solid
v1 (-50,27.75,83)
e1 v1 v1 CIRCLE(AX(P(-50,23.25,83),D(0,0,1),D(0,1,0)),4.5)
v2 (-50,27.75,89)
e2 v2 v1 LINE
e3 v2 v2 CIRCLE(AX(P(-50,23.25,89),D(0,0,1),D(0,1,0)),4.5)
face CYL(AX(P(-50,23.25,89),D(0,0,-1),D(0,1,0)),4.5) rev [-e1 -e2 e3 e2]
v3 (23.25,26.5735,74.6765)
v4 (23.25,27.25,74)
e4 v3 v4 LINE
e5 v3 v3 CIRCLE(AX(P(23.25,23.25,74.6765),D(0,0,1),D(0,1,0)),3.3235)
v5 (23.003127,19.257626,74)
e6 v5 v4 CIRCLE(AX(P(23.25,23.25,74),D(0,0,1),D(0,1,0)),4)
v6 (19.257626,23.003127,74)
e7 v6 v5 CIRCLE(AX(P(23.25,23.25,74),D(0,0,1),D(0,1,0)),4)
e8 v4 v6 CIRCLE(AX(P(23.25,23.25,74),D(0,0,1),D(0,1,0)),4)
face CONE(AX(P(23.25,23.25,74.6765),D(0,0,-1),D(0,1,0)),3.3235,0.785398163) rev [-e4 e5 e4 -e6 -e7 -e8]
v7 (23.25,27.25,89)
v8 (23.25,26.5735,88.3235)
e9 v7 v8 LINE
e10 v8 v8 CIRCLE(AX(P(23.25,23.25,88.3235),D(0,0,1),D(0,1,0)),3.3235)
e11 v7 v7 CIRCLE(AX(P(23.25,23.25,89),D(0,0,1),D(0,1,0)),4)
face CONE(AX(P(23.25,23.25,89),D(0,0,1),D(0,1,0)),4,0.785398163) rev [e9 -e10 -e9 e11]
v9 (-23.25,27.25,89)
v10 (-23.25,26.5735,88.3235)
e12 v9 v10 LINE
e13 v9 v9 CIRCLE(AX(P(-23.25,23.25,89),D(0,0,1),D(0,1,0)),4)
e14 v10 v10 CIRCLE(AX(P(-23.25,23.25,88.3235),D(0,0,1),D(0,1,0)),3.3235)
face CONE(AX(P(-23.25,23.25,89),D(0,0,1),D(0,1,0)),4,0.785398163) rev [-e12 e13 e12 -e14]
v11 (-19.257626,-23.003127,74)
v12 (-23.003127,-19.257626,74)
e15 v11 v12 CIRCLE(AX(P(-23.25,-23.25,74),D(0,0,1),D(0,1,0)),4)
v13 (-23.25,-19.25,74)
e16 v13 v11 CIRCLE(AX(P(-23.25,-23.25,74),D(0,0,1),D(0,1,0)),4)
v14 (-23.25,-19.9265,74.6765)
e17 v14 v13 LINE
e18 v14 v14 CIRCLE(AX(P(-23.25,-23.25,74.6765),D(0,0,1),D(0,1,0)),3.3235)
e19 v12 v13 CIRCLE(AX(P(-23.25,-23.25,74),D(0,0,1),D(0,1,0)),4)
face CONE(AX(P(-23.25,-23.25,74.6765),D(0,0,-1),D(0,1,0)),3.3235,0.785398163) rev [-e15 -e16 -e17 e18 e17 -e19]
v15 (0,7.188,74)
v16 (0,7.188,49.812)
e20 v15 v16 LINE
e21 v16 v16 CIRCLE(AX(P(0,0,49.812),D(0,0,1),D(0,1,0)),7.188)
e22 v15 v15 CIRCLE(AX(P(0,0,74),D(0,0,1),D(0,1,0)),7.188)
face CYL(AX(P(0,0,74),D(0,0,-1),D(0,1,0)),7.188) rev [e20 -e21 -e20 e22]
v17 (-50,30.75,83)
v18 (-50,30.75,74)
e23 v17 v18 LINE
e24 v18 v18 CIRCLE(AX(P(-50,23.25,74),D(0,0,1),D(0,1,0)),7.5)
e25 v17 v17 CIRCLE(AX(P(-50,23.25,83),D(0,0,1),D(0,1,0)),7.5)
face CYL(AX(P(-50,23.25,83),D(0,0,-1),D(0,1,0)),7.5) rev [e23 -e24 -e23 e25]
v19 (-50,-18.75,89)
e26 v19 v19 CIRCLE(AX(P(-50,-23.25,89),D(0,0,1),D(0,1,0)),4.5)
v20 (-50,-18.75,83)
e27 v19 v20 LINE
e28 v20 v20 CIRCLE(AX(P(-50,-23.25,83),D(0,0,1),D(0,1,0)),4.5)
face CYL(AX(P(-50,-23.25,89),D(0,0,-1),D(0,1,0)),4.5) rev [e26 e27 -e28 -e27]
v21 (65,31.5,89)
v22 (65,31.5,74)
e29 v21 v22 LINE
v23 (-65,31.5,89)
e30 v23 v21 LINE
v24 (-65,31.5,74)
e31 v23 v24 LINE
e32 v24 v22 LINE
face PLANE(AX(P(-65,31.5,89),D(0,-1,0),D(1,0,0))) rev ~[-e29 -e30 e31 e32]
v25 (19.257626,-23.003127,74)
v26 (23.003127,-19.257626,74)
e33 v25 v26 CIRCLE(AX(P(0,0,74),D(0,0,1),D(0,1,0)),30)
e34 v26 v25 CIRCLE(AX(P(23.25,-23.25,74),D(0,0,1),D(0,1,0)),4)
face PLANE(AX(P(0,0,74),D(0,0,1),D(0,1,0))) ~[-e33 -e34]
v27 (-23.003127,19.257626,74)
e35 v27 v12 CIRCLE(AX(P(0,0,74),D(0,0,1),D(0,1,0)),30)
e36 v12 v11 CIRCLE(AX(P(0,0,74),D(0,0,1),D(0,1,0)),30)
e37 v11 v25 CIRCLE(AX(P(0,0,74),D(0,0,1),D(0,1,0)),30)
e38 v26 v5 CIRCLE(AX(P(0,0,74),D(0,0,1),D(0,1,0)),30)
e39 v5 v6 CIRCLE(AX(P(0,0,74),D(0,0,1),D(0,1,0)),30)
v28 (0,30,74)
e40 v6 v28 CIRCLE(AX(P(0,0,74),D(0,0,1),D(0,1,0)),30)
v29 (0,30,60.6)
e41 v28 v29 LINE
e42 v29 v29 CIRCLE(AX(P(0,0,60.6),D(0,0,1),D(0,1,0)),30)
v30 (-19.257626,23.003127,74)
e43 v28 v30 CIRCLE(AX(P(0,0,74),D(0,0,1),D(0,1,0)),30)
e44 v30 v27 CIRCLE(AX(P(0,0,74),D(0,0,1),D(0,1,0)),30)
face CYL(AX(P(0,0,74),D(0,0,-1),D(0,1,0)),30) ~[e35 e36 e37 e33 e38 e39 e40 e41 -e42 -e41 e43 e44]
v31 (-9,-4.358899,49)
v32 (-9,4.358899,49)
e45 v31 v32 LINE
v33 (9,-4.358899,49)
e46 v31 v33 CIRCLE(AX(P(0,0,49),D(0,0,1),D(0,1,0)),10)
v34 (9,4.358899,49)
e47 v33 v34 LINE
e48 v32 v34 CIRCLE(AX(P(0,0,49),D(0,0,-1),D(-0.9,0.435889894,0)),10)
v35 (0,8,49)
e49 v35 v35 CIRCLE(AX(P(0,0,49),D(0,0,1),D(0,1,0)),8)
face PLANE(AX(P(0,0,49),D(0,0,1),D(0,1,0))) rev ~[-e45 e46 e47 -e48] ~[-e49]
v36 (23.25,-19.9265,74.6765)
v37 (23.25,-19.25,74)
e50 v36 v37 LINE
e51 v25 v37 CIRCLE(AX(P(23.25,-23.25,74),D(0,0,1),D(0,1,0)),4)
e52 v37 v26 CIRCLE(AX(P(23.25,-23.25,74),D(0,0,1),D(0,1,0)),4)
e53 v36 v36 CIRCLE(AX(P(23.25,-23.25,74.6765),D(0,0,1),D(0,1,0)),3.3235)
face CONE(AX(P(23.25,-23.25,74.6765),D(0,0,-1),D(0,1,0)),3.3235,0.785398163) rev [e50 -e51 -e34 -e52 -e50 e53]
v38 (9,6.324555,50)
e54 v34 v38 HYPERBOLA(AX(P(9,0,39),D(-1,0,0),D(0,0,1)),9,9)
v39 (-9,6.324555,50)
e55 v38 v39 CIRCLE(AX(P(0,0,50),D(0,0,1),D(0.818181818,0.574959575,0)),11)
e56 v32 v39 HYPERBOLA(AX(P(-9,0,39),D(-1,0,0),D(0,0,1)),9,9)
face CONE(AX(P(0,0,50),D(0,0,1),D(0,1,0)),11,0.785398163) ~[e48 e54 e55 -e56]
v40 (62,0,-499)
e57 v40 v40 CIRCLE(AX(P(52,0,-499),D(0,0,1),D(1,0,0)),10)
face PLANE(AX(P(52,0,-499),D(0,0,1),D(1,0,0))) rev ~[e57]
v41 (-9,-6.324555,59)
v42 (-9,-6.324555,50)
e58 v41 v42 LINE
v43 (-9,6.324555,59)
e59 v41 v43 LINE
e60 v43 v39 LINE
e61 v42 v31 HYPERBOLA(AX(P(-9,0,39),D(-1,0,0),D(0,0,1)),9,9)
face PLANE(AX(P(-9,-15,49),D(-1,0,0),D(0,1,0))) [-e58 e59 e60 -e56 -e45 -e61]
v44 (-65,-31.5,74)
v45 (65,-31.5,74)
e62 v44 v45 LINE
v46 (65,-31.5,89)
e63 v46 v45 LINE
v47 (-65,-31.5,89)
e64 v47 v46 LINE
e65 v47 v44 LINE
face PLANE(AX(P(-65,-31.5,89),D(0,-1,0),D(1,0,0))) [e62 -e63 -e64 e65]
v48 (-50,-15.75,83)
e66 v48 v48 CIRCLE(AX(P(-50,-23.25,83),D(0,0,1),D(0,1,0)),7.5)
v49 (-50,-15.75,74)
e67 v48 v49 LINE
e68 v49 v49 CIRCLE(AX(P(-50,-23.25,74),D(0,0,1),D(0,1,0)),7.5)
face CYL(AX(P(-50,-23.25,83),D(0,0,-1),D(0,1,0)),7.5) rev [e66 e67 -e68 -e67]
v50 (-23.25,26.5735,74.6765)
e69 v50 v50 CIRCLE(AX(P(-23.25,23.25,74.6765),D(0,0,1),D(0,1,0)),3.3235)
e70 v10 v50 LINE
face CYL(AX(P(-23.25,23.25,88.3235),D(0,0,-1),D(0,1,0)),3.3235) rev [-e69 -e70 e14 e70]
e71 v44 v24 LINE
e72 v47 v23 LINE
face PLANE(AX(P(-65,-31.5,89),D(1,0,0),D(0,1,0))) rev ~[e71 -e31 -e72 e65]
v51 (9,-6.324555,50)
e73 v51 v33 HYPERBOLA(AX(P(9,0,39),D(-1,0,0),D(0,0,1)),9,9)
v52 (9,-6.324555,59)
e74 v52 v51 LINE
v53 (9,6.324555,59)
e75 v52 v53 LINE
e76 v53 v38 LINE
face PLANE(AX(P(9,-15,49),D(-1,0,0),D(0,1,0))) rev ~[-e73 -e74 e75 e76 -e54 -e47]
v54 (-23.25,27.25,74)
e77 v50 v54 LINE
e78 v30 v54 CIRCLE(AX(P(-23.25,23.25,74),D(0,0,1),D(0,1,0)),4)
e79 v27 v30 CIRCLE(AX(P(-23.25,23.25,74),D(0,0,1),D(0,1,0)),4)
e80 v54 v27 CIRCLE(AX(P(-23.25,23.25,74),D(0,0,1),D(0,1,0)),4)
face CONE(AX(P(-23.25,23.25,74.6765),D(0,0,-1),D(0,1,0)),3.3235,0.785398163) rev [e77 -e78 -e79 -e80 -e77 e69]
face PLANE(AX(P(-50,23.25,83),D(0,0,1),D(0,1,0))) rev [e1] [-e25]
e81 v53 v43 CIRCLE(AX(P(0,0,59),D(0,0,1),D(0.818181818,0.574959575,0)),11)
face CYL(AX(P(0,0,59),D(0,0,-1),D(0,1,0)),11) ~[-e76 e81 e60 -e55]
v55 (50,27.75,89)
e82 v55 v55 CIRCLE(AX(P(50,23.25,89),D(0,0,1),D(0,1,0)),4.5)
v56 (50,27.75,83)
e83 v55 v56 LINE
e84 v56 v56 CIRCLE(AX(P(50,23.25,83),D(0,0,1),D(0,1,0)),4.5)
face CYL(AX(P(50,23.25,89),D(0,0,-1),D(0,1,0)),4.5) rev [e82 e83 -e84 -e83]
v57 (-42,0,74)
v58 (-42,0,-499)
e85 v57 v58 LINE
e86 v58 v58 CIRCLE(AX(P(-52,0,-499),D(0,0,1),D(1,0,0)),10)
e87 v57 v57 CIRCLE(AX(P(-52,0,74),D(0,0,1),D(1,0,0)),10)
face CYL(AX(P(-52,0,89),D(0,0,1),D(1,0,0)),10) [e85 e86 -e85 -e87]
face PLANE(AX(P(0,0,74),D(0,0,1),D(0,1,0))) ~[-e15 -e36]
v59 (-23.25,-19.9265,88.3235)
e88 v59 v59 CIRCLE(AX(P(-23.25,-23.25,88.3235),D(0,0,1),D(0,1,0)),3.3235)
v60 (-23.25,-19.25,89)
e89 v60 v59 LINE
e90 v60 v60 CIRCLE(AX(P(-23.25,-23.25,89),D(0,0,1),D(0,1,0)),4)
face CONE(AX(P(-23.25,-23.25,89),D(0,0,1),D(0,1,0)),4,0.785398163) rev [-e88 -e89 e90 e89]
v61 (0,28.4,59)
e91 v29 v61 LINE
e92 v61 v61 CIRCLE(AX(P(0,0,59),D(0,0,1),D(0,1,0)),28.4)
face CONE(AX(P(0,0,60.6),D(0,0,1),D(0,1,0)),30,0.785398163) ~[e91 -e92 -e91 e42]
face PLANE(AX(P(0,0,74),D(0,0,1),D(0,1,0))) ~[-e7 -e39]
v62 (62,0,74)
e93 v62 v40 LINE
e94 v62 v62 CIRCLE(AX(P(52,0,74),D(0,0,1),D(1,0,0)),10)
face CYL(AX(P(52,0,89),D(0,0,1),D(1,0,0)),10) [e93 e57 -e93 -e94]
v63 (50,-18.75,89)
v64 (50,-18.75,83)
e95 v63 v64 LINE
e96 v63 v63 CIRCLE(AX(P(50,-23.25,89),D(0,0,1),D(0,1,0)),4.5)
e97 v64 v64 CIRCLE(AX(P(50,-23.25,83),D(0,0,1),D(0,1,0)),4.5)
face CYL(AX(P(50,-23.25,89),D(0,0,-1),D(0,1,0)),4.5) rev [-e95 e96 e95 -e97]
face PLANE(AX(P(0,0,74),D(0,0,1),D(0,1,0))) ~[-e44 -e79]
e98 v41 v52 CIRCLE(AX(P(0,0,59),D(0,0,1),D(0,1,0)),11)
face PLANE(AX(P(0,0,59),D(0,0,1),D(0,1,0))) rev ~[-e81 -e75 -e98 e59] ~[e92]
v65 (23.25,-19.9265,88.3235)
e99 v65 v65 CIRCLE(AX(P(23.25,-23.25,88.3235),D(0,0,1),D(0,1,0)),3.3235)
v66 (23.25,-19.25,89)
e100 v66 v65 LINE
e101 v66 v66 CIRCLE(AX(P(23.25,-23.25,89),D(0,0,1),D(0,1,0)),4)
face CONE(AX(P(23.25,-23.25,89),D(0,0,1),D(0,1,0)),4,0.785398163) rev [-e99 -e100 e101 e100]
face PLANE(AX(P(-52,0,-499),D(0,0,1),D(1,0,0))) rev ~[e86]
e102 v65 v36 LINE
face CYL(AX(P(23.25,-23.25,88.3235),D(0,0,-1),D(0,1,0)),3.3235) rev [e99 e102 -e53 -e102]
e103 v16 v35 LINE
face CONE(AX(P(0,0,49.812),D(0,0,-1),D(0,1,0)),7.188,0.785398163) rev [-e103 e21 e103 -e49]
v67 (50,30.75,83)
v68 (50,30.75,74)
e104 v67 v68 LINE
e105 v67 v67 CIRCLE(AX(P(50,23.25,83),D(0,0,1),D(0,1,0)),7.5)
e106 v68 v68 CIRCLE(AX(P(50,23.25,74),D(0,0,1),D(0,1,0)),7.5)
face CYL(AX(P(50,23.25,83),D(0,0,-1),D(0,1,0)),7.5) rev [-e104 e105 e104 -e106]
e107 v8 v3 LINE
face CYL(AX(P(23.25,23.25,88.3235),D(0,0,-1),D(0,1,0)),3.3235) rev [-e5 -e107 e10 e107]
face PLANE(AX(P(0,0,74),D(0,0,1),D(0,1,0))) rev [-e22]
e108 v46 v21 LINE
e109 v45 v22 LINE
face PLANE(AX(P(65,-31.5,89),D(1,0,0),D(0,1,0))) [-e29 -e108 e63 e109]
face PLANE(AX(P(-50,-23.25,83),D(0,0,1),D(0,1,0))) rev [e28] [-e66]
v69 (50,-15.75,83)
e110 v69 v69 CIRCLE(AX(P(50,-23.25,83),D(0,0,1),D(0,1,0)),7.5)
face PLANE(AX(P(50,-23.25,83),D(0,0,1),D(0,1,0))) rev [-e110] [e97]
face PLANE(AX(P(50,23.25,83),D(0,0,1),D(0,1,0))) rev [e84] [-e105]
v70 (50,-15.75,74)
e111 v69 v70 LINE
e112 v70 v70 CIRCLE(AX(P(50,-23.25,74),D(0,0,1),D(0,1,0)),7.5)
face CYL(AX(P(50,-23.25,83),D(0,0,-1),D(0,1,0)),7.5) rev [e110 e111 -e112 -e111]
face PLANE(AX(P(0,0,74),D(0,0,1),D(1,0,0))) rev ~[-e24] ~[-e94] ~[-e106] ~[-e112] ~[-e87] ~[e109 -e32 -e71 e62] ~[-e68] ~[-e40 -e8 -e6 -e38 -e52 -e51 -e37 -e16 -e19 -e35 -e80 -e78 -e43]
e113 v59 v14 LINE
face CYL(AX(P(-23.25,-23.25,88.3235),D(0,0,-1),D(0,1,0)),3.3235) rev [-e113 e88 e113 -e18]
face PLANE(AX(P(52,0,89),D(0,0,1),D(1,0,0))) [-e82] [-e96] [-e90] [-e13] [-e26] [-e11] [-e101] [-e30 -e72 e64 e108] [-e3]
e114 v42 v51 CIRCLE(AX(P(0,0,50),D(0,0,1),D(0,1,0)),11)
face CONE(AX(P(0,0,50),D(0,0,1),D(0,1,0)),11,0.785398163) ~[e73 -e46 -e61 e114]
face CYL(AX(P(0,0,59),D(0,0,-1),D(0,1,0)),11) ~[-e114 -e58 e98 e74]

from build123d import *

# Parameters (mm, degrees)
SKETCH1_W            = 130
SKETCH1_H            = 63
BOSS_EXTRUDE1_DEPTH  = 15
LPATTERN1_COUNT      = 2
LPATTERN1_PITCH      = 46.5
LPATTERN1_COUNT_DIR2 = 2
LPATTERN1_PITCH_DIR2 = 46.5
LPATTERN2_COUNT      = 2
LPATTERN2_PITCH      = 100
LPATTERN2_COUNT_DIR2 = 2
LPATTERN2_PITCH_DIR2 = 46.5
SKETCH6_R            = 10
BOSS_EXTRUDE2_DEPTH  = 588
SKETCH7_R            = 10
BOSS_EXTRUDE3_DEPTH  = 588
SKETCH10_W           = 40
SKETCH10_H           = 40
SKETCH10_W_2         = 18
SKETCH10_H_2         = 30
CUT_EXTRUDE1_DEPTH   = 10


with BuildPart() as part:
    # Sketch1 → Boss-Extrude1 (new body)
    with BuildSketch(Plane.XY.offset(89)):
        Rectangle(SKETCH1_W, SKETCH1_H)
    extrude(amount=-BOSS_EXTRUDE1_DEPTH)

    # Sketch2 → Cut-Revolve1 (revolve, cut)
    with BuildSketch(Plane(origin=(23.25, 0, 0), x_dir=(0, 0, -1), z_dir=(1, 0, 0))):
        Polygon((-89, 23.25), (-89, 27.25), (-88.3235, 26.5735), (-74.6765, 26.5735), (-74, 27.25), (-74, 23.25), align=None)
    cut_revolve1 = revolve(axis=Axis((23.25, 23.25, 74), (0, 0, 1)), mode=Mode.SUBTRACT)

    # LPattern1: Cut-Revolve1 2 × 2
    with Locations(*[(-i * LPATTERN1_PITCH, -j * LPATTERN1_PITCH_DIR2, 0) for i in range(LPATTERN1_COUNT) for j in range(LPATTERN1_COUNT_DIR2) if (i, j) != (0, 0)]):
        add(cut_revolve1, mode=Mode.SUBTRACT)

    # Sketch4 → Cut-Revolve2 (revolve, cut)
    with BuildSketch(Plane(origin=(50, 0, 0), x_dir=(0, 0, -1), z_dir=(1, 0, 0))):
        Polygon((-89, 23.25), (-89, 27.75), (-83, 27.75), (-83, 30.75), (-74, 30.75), (-74, 23.25), align=None)
    cut_revolve2 = revolve(axis=Axis((50, 23.25, 74), (0, 0, 1)), mode=Mode.SUBTRACT)

    # LPattern2: Cut-Revolve2 2 × 2
    with Locations(*[(-i * LPATTERN2_PITCH, -j * LPATTERN2_PITCH_DIR2, 0) for i in range(LPATTERN2_COUNT) for j in range(LPATTERN2_COUNT_DIR2) if (i, j) != (0, 0)]):
        add(cut_revolve2, mode=Mode.SUBTRACT)

    # Sketch6 → Boss-Extrude2 (add)
    with BuildSketch(Plane.XY.offset(89)):
        with Locations((-52, 0)):
            Circle(SKETCH6_R)
    extrude(amount=-BOSS_EXTRUDE2_DEPTH)

    # Sketch7 → Boss-Extrude3 (add)
    with BuildSketch(Plane.XY.offset(89)):
        with Locations((52, 0)):
            Circle(SKETCH7_R)
    extrude(amount=-BOSS_EXTRUDE3_DEPTH)

    # Sketch8 → Revolve1 (revolve)
    with BuildSketch(Plane(origin=(0, 0, 0), x_dir=(0, 0, -1), z_dir=(1, 0, 0))):
        Polygon((-74, 0), (-74, 30), (-60.6, 30), (-59, 28.4), (-59, 11), (-50, 11), (-49, 10), (-49, 0), align=None)
    revolve(axis=Axis((0, 0, 49), (0, 0, 1)))

    # Sketch9 → Cut-Revolve3 (revolve, cut)
    with BuildSketch(Plane(origin=(0, 0, 0), x_dir=(0, 0, -1), z_dir=(1, 0, 0))):
        Polygon((-74, 0), (-74, 7.188), (-49.812, 7.188), (-49, 8), (-49, 0), align=None)
    revolve(axis=Axis((0, 0, 49), (0, 0, 1)), mode=Mode.SUBTRACT)

    # Sketch10 → Cut-Extrude1 (cut)
    with BuildSketch(Plane.XY.offset(49)):
        Rectangle(SKETCH10_W, SKETCH10_H)
        Rectangle(SKETCH10_W_2, SKETCH10_H_2, mode=Mode.SUBTRACT)
    extrude(amount=CUT_EXTRUDE1_DEPTH, mode=Mode.SUBTRACT)


solid = part.part
